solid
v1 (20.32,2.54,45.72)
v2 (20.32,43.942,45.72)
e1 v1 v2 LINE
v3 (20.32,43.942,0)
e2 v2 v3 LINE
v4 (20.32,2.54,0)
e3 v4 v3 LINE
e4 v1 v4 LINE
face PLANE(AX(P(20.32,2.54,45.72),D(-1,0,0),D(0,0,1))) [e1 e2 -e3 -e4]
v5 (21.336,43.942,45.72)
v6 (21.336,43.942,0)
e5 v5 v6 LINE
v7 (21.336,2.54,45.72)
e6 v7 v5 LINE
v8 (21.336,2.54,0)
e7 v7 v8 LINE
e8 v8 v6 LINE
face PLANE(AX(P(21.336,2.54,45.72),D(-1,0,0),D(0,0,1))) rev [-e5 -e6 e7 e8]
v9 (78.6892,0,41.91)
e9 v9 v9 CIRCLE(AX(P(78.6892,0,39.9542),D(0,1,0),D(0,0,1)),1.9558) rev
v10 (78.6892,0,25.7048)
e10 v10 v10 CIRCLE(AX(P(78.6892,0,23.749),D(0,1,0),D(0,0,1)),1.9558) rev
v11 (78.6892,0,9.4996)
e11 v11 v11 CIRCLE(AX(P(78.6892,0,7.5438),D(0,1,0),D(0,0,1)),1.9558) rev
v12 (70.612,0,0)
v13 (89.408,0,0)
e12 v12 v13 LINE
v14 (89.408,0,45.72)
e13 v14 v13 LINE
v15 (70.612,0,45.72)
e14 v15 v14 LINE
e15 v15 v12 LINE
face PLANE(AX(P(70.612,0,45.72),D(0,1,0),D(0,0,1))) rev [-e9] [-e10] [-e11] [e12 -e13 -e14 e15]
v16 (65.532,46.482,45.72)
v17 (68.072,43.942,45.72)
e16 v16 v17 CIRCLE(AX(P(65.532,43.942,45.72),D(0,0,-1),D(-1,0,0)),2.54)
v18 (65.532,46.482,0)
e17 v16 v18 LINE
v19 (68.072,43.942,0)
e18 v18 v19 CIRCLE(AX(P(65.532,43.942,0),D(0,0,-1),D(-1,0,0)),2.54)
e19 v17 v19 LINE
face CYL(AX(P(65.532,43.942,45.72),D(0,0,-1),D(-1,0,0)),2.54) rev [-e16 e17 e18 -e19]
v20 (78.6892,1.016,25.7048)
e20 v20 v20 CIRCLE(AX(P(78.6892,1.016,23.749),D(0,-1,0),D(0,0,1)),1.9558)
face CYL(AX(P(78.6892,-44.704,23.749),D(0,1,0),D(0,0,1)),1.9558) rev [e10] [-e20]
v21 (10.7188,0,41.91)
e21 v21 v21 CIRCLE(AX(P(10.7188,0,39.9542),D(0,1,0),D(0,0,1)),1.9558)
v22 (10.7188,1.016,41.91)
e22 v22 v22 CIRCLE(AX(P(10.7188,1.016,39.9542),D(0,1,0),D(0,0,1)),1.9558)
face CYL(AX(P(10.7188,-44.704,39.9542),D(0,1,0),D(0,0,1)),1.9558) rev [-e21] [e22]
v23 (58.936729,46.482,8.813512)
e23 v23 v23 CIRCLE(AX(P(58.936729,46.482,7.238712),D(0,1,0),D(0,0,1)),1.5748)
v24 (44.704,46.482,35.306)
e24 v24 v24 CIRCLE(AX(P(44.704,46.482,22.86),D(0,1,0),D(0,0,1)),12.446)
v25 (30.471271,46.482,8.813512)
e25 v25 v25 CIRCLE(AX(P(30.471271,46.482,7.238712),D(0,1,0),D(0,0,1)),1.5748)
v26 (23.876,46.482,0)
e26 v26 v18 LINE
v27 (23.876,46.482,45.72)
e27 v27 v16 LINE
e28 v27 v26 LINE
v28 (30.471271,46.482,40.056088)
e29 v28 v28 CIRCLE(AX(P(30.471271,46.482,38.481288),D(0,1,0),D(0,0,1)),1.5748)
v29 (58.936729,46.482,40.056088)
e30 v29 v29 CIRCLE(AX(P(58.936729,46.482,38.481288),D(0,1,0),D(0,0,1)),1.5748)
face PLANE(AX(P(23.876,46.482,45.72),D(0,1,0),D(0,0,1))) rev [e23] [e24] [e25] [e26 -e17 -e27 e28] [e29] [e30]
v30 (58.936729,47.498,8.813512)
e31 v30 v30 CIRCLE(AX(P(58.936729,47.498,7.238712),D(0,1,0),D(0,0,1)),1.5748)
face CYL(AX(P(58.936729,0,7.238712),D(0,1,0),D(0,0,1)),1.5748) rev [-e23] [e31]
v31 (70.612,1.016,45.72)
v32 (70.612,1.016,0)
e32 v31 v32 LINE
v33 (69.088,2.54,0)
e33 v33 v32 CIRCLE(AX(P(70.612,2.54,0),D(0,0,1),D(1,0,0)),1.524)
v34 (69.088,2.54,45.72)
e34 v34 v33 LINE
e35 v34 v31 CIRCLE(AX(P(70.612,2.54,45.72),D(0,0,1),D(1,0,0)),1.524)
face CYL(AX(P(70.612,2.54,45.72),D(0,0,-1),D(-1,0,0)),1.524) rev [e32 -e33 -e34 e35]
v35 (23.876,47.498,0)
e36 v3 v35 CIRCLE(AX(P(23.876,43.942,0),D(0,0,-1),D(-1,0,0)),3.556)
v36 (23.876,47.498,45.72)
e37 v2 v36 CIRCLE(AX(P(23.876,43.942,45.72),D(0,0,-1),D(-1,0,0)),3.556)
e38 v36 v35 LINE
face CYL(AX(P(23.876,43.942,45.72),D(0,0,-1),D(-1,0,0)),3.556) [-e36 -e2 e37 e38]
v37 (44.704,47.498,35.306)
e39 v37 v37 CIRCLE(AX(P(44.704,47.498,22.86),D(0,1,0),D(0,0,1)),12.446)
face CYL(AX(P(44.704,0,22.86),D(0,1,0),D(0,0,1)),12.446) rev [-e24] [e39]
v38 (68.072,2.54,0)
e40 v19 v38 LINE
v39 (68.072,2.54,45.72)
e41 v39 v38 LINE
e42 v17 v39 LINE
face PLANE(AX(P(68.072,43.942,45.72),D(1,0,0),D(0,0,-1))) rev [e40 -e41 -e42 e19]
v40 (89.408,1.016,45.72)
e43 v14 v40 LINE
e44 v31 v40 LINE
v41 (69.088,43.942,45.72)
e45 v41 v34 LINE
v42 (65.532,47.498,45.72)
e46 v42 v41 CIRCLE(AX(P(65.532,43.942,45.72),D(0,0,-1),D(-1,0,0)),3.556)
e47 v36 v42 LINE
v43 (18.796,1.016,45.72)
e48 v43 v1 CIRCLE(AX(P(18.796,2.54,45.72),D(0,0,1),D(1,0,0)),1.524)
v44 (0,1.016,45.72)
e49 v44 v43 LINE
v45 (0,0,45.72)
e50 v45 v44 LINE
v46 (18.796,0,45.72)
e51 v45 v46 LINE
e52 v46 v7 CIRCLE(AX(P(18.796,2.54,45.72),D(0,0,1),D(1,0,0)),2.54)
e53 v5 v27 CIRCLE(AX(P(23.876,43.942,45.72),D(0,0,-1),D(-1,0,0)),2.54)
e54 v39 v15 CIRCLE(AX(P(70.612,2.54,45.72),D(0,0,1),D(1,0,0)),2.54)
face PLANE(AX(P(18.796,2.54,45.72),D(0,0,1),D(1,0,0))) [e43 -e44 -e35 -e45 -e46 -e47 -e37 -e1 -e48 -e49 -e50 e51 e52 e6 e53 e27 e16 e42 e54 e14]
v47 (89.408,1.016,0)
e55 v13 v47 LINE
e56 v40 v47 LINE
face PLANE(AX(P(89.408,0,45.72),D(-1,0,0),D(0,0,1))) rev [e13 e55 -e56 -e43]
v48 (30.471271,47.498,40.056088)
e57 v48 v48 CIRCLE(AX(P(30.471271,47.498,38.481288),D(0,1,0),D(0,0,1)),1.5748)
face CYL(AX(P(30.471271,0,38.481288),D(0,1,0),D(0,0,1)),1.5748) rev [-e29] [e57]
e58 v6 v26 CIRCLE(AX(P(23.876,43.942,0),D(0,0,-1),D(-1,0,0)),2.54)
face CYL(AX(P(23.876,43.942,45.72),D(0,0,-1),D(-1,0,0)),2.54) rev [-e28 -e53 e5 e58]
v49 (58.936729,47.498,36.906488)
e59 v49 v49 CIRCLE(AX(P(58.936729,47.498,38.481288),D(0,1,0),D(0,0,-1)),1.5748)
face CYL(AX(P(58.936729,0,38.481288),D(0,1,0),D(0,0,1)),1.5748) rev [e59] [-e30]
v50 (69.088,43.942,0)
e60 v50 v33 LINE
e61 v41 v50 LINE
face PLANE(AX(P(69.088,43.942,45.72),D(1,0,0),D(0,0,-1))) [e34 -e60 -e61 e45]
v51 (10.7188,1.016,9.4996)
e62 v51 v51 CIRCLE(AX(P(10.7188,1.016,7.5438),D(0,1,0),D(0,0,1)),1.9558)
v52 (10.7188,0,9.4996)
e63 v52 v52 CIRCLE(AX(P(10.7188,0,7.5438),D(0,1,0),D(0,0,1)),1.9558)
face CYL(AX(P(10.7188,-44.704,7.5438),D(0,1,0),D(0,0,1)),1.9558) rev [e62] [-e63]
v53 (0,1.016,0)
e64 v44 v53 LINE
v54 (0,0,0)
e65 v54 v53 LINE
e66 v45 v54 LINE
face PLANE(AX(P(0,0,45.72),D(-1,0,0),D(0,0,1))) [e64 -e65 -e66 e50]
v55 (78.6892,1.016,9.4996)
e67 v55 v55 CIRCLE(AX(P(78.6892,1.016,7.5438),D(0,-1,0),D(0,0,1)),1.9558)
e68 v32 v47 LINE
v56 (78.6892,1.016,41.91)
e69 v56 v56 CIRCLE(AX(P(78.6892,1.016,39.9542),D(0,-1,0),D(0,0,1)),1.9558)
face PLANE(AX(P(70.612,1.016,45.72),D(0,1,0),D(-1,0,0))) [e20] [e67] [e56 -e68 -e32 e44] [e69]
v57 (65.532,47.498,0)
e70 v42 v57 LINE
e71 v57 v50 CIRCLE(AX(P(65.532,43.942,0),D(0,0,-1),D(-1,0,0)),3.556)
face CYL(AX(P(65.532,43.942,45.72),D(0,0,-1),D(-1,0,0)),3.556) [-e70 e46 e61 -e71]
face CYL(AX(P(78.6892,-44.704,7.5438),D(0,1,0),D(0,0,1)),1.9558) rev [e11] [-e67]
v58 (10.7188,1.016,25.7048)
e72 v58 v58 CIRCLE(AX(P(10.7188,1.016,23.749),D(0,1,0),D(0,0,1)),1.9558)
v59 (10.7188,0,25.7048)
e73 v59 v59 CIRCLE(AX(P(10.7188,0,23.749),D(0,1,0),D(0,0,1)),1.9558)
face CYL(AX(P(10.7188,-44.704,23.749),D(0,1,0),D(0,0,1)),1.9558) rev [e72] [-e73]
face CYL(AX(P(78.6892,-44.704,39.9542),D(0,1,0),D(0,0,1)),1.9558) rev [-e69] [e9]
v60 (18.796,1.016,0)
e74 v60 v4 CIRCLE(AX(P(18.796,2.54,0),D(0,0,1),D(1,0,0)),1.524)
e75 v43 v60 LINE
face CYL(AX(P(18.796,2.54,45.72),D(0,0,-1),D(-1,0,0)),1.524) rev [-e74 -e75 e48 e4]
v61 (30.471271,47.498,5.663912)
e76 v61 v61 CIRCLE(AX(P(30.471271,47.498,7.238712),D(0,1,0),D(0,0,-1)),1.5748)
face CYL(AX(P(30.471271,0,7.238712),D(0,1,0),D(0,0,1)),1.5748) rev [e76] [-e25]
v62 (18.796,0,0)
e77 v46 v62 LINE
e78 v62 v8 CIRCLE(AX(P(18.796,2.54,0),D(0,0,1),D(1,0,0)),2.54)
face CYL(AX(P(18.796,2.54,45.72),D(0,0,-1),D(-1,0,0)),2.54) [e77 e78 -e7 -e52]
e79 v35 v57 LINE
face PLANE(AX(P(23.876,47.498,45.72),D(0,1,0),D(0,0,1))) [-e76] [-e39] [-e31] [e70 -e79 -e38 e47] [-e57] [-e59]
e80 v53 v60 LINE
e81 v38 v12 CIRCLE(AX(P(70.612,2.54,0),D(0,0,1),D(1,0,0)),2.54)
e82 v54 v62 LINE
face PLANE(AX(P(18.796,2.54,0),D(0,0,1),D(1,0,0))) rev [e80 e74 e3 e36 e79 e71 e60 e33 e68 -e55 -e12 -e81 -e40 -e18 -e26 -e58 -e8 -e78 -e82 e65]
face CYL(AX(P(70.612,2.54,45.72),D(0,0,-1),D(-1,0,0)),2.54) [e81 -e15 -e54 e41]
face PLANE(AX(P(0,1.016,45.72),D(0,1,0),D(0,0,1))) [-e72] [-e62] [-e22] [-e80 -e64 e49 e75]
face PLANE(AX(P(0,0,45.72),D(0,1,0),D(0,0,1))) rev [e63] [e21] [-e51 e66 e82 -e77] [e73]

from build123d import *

# Parameters (mm, degrees)
BOSS_EXTRUDE1_DEPTH = 45.72
SKETCH2_R           = 12.446
CUT_EXTRUDE1_DEPTH  = 112.086312694
SKETCH3_R           = 1.5748
CUT_EXTRUDE2_DEPTH  = 112.086312694
SKETCH4_R           = 1.9558
CUT_EXTRUDE3_DEPTH  = 45.72


with BuildPart() as part:
    # Sketch1 → Boss-Extrude1 (new body)
    with BuildSketch(Plane.XY):
        with BuildLine():
            Line((0, 0), (18.796, 0))
            ThreePointArc((18.796, 0), (20.592051224, 0.743948776), (21.336, 2.54))
            Line((21.336, 2.54), (21.336, 43.942))
            ThreePointArc((21.336, 43.942), (22.079948776, 45.738051224), (23.876, 46.482))
            Line((23.876, 46.482), (65.532, 46.482))
            ThreePointArc((65.532, 46.482), (67.328051224, 45.738051224), (68.072, 43.942))
            Line((68.072, 43.942), (68.072, 2.54))
            ThreePointArc((68.072, 2.54), (68.815948776, 0.743948776), (70.612, 0))
            Line((70.612, 0), (89.408, 0))
            Line((89.408, 0), (89.408, 1.016))
            Line((89.408, 1.016), (70.612, 1.016))
            ThreePointArc((70.612, 1.016), (69.534369265, 1.462369265), (69.088, 2.54))
            Line((69.088, 2.54), (69.088, 43.942))
            ThreePointArc((69.088, 43.942), (68.046471714, 46.456471714), (65.532, 47.498))
            Line((65.532, 47.498), (23.876, 47.498))
            ThreePointArc((23.876, 47.498), (21.361528286, 46.456471714), (20.32, 43.942))
            Line((20.32, 43.942), (20.32, 2.54))
            ThreePointArc((20.32, 2.54), (19.873630735, 1.462369265), (18.796, 1.016))
            Line((18.796, 1.016), (0, 1.016))
            Line((0, 1.016), (0, 0))
        make_face()
    extrude(amount=BOSS_EXTRUDE1_DEPTH)

    # Sketch2 → Cut-Extrude1 (cut, through all)
    with BuildSketch(Plane(origin=(0, 47.498, 0), x_dir=(1, 0, 0), z_dir=(0, 1, 0))):
        with Locations(Location((44.704, -22.86, 0), (0, 0, 270))):
            Circle(SKETCH2_R)
    extrude(amount=-CUT_EXTRUDE1_DEPTH, mode=Mode.SUBTRACT)

    # Sketch3 → Cut-Extrude2 (cut, through all)
    with BuildSketch(Plane(origin=(0, 47.498, 0), x_dir=(1, 0, 0), z_dir=(0, 1, 0))):
        with Locations(Location((58.936729391, -7.238711644, 0), (0, 0, 270))):
            Circle(SKETCH3_R)
        with Locations(Location((30.471270609, -7.238711644, 0), (0, 0, 270))):
            Circle(SKETCH3_R)
        with Locations(Location((58.936729391, -38.481288356, 0), (0, 0, 270))):
            Circle(SKETCH3_R)
        with Locations(Location((30.471270609, -38.481288356, 0), (0, 0, 270))):
            Circle(SKETCH3_R)
    extrude(amount=-CUT_EXTRUDE2_DEPTH, mode=Mode.SUBTRACT)

    # Sketch4 → Cut-Extrude3 (cut)
    with BuildSketch(Plane(origin=(0, 1.016, 0), x_dir=(1, 0, 0), z_dir=(0, 1, 0))):
        with Locations(Location((10.7188, -7.5438, 0), (0, 0, 270))):
            Circle(SKETCH4_R)
        with Locations(Location((10.7188, -23.749, 0), (0, 0, 270))):
            Circle(SKETCH4_R)
        with Locations(Location((10.7188, -39.9542, 0), (0, 0, 270))):
            Circle(SKETCH4_R)
    cut_extrude3 = extrude(amount=-CUT_EXTRUDE3_DEPTH, mode=Mode.SUBTRACT)

    # Mirror1: Cut-Extrude3 across plane
    add(cut_extrude3.mirror(Plane.ZY.offset(-44.704)), mode=Mode.SUBTRACT)


solid = part.part
